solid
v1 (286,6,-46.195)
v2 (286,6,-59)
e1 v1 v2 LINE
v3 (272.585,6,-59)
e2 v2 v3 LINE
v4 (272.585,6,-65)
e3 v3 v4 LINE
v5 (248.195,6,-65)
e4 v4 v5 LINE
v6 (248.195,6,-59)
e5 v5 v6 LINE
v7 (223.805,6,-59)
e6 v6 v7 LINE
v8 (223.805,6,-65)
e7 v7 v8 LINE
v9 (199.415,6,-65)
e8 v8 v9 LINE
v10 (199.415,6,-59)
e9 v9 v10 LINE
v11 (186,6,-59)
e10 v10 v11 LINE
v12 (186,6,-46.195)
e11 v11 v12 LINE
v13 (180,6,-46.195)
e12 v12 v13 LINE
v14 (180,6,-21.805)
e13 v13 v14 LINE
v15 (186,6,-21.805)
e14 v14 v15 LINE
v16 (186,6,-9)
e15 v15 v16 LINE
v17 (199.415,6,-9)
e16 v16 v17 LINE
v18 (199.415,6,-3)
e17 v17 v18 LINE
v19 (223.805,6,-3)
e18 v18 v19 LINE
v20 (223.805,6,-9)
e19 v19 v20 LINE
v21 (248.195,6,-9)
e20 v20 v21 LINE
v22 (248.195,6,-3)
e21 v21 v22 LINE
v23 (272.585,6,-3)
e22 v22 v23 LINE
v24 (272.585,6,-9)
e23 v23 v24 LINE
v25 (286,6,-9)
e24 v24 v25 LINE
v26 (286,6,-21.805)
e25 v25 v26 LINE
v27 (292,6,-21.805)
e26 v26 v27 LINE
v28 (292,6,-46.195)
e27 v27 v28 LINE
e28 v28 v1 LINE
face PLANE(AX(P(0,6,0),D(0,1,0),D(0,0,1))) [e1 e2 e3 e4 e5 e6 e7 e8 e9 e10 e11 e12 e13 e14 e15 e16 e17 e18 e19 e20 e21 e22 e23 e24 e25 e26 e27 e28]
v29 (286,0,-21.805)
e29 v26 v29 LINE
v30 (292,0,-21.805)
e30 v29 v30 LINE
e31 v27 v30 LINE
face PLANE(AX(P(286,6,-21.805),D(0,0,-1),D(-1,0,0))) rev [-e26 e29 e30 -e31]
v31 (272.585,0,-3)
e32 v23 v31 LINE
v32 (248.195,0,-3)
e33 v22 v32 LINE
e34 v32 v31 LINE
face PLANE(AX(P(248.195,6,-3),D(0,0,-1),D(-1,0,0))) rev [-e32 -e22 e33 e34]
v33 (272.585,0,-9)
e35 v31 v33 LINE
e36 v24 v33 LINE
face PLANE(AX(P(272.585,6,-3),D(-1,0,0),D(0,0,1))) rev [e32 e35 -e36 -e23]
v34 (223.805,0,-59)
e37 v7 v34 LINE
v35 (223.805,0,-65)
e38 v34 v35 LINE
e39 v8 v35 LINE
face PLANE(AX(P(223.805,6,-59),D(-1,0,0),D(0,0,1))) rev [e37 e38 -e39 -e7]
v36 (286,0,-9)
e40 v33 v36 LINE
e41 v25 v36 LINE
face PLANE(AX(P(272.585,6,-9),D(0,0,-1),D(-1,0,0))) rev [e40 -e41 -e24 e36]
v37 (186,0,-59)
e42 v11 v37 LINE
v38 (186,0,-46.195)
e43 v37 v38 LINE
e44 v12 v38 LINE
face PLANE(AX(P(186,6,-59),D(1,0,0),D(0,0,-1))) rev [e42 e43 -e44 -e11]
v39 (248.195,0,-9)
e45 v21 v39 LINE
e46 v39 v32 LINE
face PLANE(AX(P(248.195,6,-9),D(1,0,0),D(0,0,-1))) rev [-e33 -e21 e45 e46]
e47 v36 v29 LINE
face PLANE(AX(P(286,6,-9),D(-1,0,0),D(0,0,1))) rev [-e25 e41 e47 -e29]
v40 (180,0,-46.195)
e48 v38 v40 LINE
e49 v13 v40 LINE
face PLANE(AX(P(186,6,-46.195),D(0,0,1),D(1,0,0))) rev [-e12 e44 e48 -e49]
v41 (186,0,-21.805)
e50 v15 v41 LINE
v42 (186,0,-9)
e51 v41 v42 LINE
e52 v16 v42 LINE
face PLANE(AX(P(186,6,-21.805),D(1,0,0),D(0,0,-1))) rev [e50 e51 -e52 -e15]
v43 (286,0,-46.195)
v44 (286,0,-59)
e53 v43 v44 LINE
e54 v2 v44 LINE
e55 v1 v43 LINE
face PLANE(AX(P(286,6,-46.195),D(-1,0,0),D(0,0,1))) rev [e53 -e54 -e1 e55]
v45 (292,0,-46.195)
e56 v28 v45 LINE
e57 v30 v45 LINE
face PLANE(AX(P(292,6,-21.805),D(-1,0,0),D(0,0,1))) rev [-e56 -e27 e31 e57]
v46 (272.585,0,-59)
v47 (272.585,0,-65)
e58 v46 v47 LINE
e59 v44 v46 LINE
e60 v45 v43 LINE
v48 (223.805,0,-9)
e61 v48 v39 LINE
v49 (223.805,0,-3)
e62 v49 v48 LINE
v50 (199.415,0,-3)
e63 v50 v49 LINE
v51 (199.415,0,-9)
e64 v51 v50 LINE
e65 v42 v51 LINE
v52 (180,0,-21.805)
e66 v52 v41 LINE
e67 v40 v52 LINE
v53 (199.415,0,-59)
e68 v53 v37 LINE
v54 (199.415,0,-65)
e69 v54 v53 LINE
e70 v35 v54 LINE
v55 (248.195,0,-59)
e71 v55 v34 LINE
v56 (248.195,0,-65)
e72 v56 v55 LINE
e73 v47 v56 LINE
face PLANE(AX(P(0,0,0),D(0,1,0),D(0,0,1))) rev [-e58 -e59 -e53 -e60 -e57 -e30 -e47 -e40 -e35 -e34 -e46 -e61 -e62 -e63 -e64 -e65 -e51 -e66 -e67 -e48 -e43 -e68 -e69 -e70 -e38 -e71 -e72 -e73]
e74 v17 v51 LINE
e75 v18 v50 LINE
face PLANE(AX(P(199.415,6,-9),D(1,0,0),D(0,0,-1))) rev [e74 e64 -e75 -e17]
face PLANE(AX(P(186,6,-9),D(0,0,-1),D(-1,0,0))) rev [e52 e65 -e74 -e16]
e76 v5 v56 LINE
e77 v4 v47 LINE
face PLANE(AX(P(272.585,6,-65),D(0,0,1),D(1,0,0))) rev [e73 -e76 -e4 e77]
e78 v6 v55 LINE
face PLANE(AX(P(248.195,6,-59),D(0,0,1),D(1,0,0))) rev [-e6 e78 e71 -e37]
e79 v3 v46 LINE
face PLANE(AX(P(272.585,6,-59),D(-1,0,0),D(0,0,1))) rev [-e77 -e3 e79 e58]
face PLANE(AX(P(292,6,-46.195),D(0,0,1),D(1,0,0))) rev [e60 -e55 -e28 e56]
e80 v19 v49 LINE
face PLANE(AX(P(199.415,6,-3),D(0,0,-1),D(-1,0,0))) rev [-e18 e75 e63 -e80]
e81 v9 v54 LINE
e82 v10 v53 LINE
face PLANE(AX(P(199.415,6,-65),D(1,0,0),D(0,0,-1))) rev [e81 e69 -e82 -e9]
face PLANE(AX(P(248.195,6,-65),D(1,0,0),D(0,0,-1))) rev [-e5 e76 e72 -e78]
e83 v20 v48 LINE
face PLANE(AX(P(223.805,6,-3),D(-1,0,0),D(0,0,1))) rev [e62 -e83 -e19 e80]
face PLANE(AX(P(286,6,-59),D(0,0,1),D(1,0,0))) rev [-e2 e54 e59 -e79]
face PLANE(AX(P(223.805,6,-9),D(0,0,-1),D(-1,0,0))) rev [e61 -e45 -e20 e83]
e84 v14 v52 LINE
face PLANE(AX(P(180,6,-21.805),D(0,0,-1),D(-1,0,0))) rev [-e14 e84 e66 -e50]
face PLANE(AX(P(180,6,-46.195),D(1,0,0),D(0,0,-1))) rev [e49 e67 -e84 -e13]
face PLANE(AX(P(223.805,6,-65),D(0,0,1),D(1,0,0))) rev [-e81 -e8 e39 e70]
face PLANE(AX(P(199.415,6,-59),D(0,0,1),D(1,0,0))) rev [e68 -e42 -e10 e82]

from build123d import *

# Parameters (mm, degrees)
BOSS_EXTRUDE1_DEPTH = 6


with BuildPart() as part:
    # Sketch1 → Boss-Extrude1 (new body)
    with BuildSketch(Plane(origin=(0, 0, 0), x_dir=(1, 0, 0), z_dir=(0, 1, 0))):
        Polygon((186, 59), (186, 46.195), (180, 46.195), (180, 21.805), (186, 21.805), (186, 9), (199.415, 9), (199.415, 3), (223.805, 3), (223.805, 9), (248.195, 9), (248.195, 3), (272.585, 3), (272.585, 9), (286, 9), (286, 21.805), (292, 21.805), (292, 46.195), (286, 46.195), (286, 59), (272.585, 59), (272.585, 65), (248.195, 65), (248.195, 59), (223.805, 59), (223.805, 65), (199.415, 65), (199.415, 59), align=None)
    extrude(amount=BOSS_EXTRUDE1_DEPTH)


solid = part.part
